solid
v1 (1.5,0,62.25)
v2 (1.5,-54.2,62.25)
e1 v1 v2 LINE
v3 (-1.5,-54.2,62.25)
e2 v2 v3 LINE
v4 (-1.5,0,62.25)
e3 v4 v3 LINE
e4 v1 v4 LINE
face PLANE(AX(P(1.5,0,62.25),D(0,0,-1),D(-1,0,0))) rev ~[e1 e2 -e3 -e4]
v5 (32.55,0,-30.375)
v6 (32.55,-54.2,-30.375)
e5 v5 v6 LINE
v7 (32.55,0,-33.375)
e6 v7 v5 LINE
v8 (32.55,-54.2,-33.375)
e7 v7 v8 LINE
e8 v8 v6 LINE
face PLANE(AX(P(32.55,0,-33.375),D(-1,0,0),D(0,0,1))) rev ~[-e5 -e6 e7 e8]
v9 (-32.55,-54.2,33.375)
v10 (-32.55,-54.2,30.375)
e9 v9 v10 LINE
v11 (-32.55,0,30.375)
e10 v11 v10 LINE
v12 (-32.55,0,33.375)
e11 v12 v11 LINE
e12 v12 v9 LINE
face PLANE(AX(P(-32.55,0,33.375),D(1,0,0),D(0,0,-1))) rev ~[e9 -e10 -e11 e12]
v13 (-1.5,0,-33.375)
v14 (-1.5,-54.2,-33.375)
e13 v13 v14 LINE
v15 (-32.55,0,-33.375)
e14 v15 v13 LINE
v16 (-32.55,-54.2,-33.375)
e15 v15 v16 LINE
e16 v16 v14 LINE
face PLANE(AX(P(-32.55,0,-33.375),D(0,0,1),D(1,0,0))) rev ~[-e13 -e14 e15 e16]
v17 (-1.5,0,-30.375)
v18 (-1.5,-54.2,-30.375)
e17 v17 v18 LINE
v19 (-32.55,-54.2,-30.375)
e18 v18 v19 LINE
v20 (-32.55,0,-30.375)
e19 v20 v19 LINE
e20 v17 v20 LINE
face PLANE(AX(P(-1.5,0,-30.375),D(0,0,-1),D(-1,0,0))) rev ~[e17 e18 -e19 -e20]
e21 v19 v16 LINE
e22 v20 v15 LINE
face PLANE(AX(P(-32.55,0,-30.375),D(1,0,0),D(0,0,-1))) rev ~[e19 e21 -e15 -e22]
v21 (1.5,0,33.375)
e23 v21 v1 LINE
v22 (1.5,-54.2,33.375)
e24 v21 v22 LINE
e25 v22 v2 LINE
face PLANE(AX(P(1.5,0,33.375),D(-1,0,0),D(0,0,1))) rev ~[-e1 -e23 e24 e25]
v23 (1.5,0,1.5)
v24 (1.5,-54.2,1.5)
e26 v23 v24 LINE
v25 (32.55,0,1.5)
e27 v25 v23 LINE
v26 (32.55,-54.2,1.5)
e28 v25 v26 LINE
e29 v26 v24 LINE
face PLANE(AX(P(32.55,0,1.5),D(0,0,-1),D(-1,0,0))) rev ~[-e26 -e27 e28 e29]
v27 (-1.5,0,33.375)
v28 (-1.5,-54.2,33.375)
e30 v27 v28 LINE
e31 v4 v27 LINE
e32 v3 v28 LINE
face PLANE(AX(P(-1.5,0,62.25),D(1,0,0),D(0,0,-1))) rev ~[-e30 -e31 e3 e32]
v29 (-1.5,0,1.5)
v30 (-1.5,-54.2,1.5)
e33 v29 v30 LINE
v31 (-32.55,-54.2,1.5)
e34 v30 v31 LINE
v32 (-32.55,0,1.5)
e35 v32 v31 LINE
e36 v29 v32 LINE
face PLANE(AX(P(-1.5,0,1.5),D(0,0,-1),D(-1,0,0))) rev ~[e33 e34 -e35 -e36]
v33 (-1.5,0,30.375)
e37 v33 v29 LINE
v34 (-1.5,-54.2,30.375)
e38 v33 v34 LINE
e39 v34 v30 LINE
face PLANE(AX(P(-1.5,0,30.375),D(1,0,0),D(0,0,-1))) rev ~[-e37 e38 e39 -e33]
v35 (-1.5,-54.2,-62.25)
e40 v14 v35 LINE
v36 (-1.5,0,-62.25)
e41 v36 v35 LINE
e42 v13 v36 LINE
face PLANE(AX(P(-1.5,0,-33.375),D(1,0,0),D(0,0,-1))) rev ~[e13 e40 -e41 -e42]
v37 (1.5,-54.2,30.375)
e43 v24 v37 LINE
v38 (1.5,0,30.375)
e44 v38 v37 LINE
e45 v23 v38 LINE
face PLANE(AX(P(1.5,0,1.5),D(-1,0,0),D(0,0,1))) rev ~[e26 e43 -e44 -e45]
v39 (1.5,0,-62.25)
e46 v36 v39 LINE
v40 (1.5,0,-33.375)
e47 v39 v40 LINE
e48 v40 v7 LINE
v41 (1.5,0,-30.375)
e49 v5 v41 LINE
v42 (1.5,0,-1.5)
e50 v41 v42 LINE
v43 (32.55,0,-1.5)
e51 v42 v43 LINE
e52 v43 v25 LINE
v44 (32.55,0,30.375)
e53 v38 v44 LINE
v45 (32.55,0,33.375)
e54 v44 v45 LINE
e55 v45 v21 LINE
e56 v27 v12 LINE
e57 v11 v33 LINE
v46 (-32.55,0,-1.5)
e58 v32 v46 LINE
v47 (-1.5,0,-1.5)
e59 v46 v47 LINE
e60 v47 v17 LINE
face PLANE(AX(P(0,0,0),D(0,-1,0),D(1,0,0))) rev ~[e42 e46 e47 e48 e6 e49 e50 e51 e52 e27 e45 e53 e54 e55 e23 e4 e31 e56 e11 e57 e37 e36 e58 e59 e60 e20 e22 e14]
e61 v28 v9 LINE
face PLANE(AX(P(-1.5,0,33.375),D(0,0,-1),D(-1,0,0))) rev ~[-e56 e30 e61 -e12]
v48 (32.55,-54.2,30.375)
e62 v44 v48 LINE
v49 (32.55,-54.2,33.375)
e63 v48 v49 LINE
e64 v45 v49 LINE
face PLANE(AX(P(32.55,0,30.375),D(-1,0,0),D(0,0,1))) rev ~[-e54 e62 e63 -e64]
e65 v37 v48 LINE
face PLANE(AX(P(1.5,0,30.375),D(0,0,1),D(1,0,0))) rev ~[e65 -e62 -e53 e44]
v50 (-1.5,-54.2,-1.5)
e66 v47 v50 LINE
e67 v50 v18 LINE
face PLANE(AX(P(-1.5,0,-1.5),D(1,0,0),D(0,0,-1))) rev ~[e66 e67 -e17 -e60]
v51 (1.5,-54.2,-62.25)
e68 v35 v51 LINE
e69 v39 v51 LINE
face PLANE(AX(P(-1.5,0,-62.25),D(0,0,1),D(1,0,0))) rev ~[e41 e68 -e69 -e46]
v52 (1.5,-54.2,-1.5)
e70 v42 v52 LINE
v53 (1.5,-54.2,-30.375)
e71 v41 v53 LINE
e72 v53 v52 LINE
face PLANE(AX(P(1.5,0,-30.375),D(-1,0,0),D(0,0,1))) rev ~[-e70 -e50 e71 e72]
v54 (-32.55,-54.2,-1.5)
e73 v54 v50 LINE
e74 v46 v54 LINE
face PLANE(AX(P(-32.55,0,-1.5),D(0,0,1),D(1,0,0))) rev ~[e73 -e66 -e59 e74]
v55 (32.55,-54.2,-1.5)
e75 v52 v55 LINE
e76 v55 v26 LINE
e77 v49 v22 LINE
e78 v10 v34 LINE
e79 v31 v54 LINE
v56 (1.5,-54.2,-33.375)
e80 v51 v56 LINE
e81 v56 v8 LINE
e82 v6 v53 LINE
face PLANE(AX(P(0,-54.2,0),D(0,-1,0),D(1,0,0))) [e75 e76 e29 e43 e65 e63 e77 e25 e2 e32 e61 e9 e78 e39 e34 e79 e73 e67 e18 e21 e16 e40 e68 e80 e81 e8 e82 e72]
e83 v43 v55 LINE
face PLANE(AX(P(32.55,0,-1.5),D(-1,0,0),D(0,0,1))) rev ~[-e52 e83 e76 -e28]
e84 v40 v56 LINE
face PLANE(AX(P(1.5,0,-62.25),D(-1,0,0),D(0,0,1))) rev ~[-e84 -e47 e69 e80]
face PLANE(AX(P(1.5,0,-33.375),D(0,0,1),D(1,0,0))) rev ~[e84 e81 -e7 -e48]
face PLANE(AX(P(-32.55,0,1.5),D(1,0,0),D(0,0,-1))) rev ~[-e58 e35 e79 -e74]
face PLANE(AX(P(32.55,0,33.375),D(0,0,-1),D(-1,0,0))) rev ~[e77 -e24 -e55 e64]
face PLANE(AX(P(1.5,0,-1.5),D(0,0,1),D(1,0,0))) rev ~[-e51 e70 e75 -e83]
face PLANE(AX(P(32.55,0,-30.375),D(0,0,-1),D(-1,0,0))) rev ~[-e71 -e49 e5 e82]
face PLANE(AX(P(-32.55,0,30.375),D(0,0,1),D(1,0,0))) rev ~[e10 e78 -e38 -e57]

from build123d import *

# Parameters (mm, degrees)
F1_DEPTH = 54.2


with BuildPart() as f1:
    # F0 (on Front) → F1 (new body)
    with BuildSketch(Plane.XZ):
        Polygon((1.5, 1.5), (1.5, 30.375), (32.55, 30.375), (32.55, 33.375), (1.5, 33.375), (1.5, 62.25), (-1.5, 62.25), (-1.5, 33.375), (-32.55, 33.375), (-32.55, 30.375), (-1.5, 30.375), (-1.5, 1.5), (-32.55, 1.5), (-32.55, -1.5), (-1.5, -1.5), (-1.5, -30.375), (-32.55, -30.375), (-32.55, -33.375), (-1.5, -33.375), (-1.5, -62.25), (1.5, -62.25), (1.5, -33.375), (32.55, -33.375), (32.55, -30.375), (1.5, -30.375), (1.5, -1.5), (32.55, -1.5), (32.55, 1.5), align=None)
    extrude(amount=F1_DEPTH)


solid = f1.part
